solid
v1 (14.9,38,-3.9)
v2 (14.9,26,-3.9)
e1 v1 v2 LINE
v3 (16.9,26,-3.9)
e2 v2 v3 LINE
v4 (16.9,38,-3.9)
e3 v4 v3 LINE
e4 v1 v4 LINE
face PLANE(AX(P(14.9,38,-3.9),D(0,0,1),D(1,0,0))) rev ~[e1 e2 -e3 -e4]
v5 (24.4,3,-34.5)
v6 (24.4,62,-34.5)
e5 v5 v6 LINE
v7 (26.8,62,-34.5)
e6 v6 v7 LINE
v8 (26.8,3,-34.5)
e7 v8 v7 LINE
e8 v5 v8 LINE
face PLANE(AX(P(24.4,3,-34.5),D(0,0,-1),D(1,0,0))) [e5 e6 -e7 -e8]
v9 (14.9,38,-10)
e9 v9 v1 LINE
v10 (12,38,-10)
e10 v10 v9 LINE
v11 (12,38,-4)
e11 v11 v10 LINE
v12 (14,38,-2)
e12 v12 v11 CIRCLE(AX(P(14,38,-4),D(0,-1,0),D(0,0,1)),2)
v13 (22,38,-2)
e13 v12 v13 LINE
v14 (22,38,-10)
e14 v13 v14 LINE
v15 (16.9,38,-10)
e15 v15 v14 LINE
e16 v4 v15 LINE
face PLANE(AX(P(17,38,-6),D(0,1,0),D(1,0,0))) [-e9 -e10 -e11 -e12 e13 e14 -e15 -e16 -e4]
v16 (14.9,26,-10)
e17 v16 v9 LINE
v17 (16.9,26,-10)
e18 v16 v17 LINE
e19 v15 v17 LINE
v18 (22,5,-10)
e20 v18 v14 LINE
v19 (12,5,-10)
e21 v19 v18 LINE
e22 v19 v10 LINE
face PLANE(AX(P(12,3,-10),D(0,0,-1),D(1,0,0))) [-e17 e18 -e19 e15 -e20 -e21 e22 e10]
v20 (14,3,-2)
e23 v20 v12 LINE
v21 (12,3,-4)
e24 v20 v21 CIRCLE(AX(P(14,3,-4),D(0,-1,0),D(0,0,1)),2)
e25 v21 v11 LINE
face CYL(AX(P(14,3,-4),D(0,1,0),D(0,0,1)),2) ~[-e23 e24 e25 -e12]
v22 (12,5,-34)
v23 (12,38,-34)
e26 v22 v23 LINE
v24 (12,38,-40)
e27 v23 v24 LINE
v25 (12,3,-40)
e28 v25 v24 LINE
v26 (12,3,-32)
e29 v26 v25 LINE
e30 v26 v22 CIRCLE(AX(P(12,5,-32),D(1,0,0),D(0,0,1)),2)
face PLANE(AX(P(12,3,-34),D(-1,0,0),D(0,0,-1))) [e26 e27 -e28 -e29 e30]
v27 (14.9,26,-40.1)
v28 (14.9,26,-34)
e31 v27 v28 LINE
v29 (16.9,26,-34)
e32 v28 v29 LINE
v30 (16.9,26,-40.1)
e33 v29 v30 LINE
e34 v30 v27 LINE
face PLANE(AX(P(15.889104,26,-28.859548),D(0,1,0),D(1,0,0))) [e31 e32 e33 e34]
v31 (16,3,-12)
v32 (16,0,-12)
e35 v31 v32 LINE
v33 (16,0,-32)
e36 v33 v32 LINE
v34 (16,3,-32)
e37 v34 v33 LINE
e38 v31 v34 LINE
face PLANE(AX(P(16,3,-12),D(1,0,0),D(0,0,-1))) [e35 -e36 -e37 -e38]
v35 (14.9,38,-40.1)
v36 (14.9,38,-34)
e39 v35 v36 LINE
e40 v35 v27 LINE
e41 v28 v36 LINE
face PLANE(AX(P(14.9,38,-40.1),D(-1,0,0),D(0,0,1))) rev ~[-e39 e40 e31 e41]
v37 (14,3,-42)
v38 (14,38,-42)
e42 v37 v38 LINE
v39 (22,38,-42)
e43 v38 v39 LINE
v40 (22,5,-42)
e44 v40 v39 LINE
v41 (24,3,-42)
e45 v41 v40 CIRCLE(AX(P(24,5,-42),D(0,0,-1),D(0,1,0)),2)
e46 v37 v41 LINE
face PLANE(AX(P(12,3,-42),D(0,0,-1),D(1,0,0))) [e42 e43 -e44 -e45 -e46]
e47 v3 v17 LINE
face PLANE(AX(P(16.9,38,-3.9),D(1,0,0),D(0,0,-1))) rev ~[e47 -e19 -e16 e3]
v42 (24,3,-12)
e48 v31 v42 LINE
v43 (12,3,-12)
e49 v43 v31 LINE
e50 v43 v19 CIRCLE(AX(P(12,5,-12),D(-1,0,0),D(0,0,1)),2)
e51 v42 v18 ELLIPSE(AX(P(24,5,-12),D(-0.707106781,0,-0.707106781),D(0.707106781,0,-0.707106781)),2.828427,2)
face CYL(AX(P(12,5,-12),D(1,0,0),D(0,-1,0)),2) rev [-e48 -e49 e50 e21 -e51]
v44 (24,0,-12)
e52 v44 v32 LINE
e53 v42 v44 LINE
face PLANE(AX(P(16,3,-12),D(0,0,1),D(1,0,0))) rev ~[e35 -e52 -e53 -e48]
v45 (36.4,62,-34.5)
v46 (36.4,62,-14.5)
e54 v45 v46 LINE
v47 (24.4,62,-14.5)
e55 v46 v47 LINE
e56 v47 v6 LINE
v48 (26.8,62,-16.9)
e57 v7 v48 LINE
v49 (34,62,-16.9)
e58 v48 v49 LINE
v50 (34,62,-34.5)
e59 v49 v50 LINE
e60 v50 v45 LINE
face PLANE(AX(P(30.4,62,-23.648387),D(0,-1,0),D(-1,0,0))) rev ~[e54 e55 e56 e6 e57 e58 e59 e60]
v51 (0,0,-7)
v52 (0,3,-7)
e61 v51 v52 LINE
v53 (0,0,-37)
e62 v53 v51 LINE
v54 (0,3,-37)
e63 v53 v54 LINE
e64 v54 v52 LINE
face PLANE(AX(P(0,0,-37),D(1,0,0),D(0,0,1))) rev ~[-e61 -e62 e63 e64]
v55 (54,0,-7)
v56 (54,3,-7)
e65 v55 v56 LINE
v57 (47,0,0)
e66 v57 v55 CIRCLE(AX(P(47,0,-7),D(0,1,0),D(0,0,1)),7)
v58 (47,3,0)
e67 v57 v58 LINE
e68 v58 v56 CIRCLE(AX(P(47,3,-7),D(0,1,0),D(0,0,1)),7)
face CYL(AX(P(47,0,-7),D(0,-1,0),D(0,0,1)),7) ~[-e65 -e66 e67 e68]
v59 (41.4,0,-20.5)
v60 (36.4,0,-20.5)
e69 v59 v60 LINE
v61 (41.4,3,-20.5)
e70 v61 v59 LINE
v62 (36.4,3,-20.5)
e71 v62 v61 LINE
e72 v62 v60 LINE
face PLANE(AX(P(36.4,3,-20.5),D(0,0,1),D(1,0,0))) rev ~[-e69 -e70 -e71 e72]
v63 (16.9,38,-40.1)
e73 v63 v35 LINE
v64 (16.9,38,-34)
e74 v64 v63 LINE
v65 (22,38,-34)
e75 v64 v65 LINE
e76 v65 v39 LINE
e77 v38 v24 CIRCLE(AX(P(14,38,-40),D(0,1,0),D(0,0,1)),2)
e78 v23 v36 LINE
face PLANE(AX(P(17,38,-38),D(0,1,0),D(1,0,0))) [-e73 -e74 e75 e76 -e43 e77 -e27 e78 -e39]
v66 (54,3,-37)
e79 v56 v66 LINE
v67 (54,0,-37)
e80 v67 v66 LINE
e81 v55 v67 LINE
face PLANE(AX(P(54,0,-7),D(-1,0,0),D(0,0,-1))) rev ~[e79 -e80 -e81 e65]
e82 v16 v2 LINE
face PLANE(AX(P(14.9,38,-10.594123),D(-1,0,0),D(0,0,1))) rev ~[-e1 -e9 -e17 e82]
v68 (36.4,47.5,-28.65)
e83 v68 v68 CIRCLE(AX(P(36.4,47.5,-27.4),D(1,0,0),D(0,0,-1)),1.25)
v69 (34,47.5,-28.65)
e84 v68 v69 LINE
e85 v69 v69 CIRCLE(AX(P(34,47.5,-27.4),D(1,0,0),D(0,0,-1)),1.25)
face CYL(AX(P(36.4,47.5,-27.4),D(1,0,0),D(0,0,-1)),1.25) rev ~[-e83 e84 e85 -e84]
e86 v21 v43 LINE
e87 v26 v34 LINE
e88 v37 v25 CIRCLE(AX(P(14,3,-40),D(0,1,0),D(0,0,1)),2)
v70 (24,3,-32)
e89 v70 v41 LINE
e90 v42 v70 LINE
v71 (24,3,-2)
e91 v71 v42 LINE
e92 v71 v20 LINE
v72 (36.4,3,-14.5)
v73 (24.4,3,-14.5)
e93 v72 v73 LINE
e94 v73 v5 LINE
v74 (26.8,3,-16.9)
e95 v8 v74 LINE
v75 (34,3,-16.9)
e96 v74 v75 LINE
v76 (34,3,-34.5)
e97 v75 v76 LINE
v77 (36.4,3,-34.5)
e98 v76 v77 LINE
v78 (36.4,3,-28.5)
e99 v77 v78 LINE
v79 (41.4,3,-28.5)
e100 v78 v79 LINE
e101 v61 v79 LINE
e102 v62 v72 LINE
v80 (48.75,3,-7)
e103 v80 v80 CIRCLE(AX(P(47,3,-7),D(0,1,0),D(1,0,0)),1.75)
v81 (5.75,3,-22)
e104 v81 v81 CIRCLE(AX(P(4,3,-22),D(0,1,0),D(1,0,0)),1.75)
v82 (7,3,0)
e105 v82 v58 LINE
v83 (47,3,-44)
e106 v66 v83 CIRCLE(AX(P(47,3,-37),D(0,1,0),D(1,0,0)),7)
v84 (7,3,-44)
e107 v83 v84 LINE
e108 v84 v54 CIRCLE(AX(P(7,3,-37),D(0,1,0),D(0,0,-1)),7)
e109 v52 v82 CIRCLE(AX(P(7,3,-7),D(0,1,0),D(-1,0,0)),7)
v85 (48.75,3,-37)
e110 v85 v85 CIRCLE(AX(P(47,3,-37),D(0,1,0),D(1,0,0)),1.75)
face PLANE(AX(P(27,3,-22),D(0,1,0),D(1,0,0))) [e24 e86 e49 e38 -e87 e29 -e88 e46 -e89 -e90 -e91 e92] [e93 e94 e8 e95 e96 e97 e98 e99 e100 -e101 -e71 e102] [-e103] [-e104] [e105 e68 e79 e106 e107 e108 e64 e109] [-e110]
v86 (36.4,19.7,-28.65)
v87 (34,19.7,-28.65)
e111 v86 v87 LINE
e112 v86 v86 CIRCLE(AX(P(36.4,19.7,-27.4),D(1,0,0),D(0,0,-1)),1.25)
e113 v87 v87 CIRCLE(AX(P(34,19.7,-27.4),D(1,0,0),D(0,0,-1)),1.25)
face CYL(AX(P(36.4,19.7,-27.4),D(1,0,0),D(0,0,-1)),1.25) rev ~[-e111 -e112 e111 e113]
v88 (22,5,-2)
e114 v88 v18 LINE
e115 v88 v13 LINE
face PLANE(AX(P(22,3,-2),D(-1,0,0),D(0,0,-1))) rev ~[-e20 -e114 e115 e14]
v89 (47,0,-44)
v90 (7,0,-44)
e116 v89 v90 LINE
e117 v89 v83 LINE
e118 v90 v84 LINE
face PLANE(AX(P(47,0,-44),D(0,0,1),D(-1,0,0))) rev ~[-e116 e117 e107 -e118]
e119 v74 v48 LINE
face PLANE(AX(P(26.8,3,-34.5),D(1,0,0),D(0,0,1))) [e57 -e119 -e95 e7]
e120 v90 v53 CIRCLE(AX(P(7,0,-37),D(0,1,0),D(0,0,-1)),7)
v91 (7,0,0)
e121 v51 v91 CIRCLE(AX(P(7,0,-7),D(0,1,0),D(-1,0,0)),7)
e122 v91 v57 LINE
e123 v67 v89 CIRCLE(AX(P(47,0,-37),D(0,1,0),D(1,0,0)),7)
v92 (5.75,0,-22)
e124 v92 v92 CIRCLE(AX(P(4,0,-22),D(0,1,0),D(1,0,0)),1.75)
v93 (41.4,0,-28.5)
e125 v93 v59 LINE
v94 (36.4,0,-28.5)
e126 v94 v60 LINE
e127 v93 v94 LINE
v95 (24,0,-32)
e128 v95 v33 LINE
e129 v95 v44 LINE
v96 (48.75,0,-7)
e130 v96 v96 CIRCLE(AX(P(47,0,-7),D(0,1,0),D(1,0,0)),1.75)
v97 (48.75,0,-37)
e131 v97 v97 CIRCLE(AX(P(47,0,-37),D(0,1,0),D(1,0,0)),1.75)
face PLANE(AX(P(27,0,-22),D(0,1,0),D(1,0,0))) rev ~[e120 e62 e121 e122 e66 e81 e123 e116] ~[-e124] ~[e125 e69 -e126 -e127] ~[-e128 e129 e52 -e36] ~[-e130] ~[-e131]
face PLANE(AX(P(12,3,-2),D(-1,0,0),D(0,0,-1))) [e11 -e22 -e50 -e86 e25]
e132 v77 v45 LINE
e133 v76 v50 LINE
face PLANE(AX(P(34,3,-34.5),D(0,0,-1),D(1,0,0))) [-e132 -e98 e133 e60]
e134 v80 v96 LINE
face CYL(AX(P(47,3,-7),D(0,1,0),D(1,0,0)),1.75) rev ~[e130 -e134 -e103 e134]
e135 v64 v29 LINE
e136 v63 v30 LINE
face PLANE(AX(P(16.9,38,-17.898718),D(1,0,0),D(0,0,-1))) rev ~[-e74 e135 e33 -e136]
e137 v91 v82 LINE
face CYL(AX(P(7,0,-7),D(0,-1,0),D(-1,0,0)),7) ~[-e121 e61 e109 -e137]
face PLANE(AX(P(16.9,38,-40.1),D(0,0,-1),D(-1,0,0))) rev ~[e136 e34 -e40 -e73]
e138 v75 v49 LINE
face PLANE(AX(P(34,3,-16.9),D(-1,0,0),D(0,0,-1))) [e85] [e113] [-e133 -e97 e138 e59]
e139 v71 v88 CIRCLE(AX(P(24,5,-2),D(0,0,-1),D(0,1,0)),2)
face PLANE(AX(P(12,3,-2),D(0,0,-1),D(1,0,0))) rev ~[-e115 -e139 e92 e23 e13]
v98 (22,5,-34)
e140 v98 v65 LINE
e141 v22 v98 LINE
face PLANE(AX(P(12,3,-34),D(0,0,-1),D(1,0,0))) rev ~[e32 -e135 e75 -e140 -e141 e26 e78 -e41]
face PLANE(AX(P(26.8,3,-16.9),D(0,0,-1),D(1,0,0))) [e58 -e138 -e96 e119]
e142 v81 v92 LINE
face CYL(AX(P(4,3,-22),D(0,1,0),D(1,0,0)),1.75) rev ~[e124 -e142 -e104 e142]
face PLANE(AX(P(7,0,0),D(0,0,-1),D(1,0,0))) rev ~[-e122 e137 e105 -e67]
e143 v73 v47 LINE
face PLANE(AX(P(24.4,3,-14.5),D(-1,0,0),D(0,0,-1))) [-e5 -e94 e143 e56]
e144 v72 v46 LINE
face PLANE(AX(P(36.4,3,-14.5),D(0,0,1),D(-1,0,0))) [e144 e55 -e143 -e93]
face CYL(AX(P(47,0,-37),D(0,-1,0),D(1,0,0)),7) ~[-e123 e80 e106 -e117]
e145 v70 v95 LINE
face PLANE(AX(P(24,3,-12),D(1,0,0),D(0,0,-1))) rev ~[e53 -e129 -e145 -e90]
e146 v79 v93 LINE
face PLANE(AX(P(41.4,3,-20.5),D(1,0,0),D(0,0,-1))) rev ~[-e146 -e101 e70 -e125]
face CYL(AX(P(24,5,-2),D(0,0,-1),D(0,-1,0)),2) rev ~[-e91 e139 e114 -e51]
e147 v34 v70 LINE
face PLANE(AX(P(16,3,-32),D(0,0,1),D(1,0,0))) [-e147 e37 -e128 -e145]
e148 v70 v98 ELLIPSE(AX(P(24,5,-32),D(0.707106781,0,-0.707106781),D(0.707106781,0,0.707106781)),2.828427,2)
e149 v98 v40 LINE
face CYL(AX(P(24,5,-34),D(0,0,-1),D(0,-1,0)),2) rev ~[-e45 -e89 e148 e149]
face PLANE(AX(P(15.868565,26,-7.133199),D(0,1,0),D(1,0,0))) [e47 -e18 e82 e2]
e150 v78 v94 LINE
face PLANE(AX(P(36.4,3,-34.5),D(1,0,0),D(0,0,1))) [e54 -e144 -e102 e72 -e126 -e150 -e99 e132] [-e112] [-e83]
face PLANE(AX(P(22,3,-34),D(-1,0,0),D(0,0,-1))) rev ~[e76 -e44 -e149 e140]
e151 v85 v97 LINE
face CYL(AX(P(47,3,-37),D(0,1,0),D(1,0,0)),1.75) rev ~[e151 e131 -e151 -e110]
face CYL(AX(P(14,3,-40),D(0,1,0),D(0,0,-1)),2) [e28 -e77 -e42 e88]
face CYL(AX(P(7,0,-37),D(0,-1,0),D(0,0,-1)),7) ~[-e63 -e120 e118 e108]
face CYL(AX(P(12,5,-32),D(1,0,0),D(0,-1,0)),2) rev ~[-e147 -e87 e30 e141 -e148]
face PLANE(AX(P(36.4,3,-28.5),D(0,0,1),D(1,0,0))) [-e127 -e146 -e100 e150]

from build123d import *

# Parameters (mm, degrees)
SALIENTE_EXTRUIR1_DEPTH = 3
CORTAR_EXTRUIR1_REACH   = 5
CROQUIS2_W              = 5
CROQUIS2_H              = 8
CROQUIS3_W              = 10
CROQUIS3_H              = 8
SALIENTE_EXTRUIR2_DEPTH = 35
CORTAR_EXTRUIR2_DEPTH   = 12
REDONDEO1_R             = 2
REDONDEO2_R             = 2
SALIENTE_EXTRUIR3_DEPTH = 59
CORTAR_EXTRUIR3_REACH   = 38.4
CROQUIS6_R              = 1.25
CORTAR_EXTRUIR4_REACH   = 5
CROQUIS7_R              = 1.75
CROQUIS7_W              = 8
CROQUIS7_H              = 20


with BuildPart() as part:
    # Croquis1 → Saliente-Extruir1 (new body)
    with BuildSketch(Plane(origin=(0, 0, 0), x_dir=(1, 0, 0), z_dir=(0, 1, 0))):
        with BuildLine():
            Line((7, 0), (47, 0))
            ThreePointArc((47, 0), (51.949747468, 2.050252532), (54, 7))
            Line((54, 7), (54, 37))
            ThreePointArc((54, 37), (51.949747468, 41.949747468), (47, 44))
            Line((47, 44), (7, 44))
            ThreePointArc((7, 44), (2.050252532, 41.949747468), (0, 37))
            Line((0, 37), (0, 7))
            ThreePointArc((0, 7), (2.050252532, 2.050252532), (7, 0))
        make_face()
    extrude(amount=SALIENTE_EXTRUIR1_DEPTH)

    # Croquis2 → Cortar-Extruir1 (cut, up to next)
    with BuildSketch(Plane(origin=(0, 3, 0), x_dir=(1, 0, 0), z_dir=(0, 1, 0)), mode=Mode.PRIVATE) as cortar_extruir1_sk1:
        with Locations((38.9, 24.5)):
            Rectangle(CROQUIS2_W, CROQUIS2_H)
    cortar_extruir1_tool1 = extrude(cortar_extruir1_sk1.sketch, amount=-CORTAR_EXTRUIR1_REACH, mode=Mode.PRIVATE) & part.part
    add(cortar_extruir1_tool1.solids().sort_by_distance((38.9, 3, -24.5))[0], mode=Mode.SUBTRACT)

    # Croquis3 → Saliente-Extruir2 (add)
    with BuildSketch(Plane(origin=(0, 3, 0), x_dir=(1, 0, 0), z_dir=(0, 1, 0))):
        with Locations((17, 38)):
            Rectangle(CROQUIS3_W, CROQUIS3_H)
        with Locations((17, 6)):
            Rectangle(CROQUIS3_W, CROQUIS3_H)
    extrude(amount=SALIENTE_EXTRUIR2_DEPTH)

    # Croquis4 → Cortar-Extruir2 (cut)
    with BuildSketch(Plane(origin=(0, 38, 0), x_dir=(1, 0, 0), z_dir=(0, 1, 0))):
        with BuildLine():
            Line((14.9, 10.594122727), (14.9, 3.9))
            Line((14.9, 3.9), (16.9, 3.9))
            Line((16.9, 3.9), (16.9, 10.101282262))
            ThreePointArc((16.9, 10.101282262), (15.866874644, 10.213276209), (14.9, 10.594122727))
        make_face()
        with BuildLine():
            Line((16.9, 17.898717738), (16.9, 40.1))
            Line((16.9, 40.1), (14.9, 40.1))
            Line((14.9, 40.1), (14.9, 17.405877273))
            ThreePointArc((14.9, 17.405877273), (15.866874644, 17.786723791), (16.9, 17.898717738))
        make_face()
    extrude(amount=-CORTAR_EXTRUIR2_DEPTH, mode=Mode.SUBTRACT)

    # Redondeo1
    redondeo1_edges = [part.edges().sort_by_distance(p)[0] for p in [
        (12, 20.5, -42),
        (12, 20.5, -2),
    ]]
    fillet(redondeo1_edges, radius=REDONDEO1_R)

    # Redondeo2
    redondeo2_edges = [part.edges().sort_by_distance(p)[0] for p in [
        (17, 3, -34),
        (22, 3, -38),
        (22, 3, -6),
        (17, 3, -10),
    ]]
    fillet(redondeo2_edges, radius=REDONDEO2_R)

    # Croquis5 → Saliente-Extruir3 (add)
    with BuildSketch(Plane(origin=(0, 3, 0), x_dir=(1, 0, 0), z_dir=(0, 1, 0))):
        Polygon((36.4, 34.5), (36.4, 14.5), (24.4, 14.5), (24.4, 34.5), (26.8, 34.5), (26.8, 16.9), (34, 16.9), (34, 34.5), align=None)
    extrude(amount=SALIENTE_EXTRUIR3_DEPTH)

    # Croquis6 → Cortar-Extruir3 (cut, up to next)
    with BuildSketch(Plane(origin=(36.4, 0, 0), x_dir=(0, 0, -1), z_dir=(1, 0, 0)), mode=Mode.PRIVATE) as cortar_extruir3_sk1:
        with Locations((27.4, 47.5)):
            Circle(CROQUIS6_R)
    cortar_extruir3_tool1 = extrude(cortar_extruir3_sk1.sketch, amount=-CORTAR_EXTRUIR3_REACH, mode=Mode.PRIVATE) & part.part
    add(cortar_extruir3_tool1.solids().sort_by_distance((36.4, 47.5, -27.4))[0], mode=Mode.SUBTRACT)
    # Croquis6 → Cortar-Extruir3 (cut, up to next)
    with BuildSketch(Plane(origin=(36.4, 0, 0), x_dir=(0, 0, -1), z_dir=(1, 0, 0)), mode=Mode.PRIVATE) as cortar_extruir3_sk2:
        with Locations((27.4, 19.7)):
            Circle(CROQUIS6_R)
    cortar_extruir3_tool2 = extrude(cortar_extruir3_sk2.sketch, amount=-CORTAR_EXTRUIR3_REACH, mode=Mode.PRIVATE) & part.part
    add(cortar_extruir3_tool2.solids().sort_by_distance((36.4, 19.7, -27.4))[0], mode=Mode.SUBTRACT)

    # Croquis7 → Cortar-Extruir4 (cut, up to next)
    with BuildSketch(Plane(origin=(0, 3, 0), x_dir=(1, 0, 0), z_dir=(0, 1, 0)), mode=Mode.PRIVATE) as cortar_extruir4_sk1:
        with Locations((4, 22)):
            Circle(CROQUIS7_R)
    cortar_extruir4_tool1 = extrude(cortar_extruir4_sk1.sketch, amount=-CORTAR_EXTRUIR4_REACH, mode=Mode.PRIVATE) & part.part
    add(cortar_extruir4_tool1.solids().sort_by_distance((4, 3, -22))[0], mode=Mode.SUBTRACT)
    # Croquis7 → Cortar-Extruir4 (cut, up to next)
    with BuildSketch(Plane(origin=(0, 3, 0), x_dir=(1, 0, 0), z_dir=(0, 1, 0)), mode=Mode.PRIVATE) as cortar_extruir4_sk2:
        with Locations((47, 37)):
            Circle(CROQUIS7_R)
    cortar_extruir4_tool2 = extrude(cortar_extruir4_sk2.sketch, amount=-CORTAR_EXTRUIR4_REACH, mode=Mode.PRIVATE) & part.part
    add(cortar_extruir4_tool2.solids().sort_by_distance((47, 3, -37))[0], mode=Mode.SUBTRACT)
    # Croquis7 → Cortar-Extruir4 (cut, up to next)
    with BuildSketch(Plane(origin=(0, 3, 0), x_dir=(1, 0, 0), z_dir=(0, 1, 0)), mode=Mode.PRIVATE) as cortar_extruir4_sk3:
        with Locations((47, 7)):
            Circle(CROQUIS7_R)
    cortar_extruir4_tool3 = extrude(cortar_extruir4_sk3.sketch, amount=-CORTAR_EXTRUIR4_REACH, mode=Mode.PRIVATE) & part.part
    add(cortar_extruir4_tool3.solids().sort_by_distance((47, 3, -7))[0], mode=Mode.SUBTRACT)
    # Croquis7 → Cortar-Extruir4 (cut, up to next)
    with BuildSketch(Plane(origin=(0, 3, 0), x_dir=(1, 0, 0), z_dir=(0, 1, 0)), mode=Mode.PRIVATE) as cortar_extruir4_sk4:
        with Locations((20, 22)):
            Rectangle(CROQUIS7_W, CROQUIS7_H)
    cortar_extruir4_tool4 = extrude(cortar_extruir4_sk4.sketch, amount=-CORTAR_EXTRUIR4_REACH, mode=Mode.PRIVATE) & part.part
    add(cortar_extruir4_tool4.solids().sort_by_distance((20, 3, -22))[0], mode=Mode.SUBTRACT)


solid = part.part
